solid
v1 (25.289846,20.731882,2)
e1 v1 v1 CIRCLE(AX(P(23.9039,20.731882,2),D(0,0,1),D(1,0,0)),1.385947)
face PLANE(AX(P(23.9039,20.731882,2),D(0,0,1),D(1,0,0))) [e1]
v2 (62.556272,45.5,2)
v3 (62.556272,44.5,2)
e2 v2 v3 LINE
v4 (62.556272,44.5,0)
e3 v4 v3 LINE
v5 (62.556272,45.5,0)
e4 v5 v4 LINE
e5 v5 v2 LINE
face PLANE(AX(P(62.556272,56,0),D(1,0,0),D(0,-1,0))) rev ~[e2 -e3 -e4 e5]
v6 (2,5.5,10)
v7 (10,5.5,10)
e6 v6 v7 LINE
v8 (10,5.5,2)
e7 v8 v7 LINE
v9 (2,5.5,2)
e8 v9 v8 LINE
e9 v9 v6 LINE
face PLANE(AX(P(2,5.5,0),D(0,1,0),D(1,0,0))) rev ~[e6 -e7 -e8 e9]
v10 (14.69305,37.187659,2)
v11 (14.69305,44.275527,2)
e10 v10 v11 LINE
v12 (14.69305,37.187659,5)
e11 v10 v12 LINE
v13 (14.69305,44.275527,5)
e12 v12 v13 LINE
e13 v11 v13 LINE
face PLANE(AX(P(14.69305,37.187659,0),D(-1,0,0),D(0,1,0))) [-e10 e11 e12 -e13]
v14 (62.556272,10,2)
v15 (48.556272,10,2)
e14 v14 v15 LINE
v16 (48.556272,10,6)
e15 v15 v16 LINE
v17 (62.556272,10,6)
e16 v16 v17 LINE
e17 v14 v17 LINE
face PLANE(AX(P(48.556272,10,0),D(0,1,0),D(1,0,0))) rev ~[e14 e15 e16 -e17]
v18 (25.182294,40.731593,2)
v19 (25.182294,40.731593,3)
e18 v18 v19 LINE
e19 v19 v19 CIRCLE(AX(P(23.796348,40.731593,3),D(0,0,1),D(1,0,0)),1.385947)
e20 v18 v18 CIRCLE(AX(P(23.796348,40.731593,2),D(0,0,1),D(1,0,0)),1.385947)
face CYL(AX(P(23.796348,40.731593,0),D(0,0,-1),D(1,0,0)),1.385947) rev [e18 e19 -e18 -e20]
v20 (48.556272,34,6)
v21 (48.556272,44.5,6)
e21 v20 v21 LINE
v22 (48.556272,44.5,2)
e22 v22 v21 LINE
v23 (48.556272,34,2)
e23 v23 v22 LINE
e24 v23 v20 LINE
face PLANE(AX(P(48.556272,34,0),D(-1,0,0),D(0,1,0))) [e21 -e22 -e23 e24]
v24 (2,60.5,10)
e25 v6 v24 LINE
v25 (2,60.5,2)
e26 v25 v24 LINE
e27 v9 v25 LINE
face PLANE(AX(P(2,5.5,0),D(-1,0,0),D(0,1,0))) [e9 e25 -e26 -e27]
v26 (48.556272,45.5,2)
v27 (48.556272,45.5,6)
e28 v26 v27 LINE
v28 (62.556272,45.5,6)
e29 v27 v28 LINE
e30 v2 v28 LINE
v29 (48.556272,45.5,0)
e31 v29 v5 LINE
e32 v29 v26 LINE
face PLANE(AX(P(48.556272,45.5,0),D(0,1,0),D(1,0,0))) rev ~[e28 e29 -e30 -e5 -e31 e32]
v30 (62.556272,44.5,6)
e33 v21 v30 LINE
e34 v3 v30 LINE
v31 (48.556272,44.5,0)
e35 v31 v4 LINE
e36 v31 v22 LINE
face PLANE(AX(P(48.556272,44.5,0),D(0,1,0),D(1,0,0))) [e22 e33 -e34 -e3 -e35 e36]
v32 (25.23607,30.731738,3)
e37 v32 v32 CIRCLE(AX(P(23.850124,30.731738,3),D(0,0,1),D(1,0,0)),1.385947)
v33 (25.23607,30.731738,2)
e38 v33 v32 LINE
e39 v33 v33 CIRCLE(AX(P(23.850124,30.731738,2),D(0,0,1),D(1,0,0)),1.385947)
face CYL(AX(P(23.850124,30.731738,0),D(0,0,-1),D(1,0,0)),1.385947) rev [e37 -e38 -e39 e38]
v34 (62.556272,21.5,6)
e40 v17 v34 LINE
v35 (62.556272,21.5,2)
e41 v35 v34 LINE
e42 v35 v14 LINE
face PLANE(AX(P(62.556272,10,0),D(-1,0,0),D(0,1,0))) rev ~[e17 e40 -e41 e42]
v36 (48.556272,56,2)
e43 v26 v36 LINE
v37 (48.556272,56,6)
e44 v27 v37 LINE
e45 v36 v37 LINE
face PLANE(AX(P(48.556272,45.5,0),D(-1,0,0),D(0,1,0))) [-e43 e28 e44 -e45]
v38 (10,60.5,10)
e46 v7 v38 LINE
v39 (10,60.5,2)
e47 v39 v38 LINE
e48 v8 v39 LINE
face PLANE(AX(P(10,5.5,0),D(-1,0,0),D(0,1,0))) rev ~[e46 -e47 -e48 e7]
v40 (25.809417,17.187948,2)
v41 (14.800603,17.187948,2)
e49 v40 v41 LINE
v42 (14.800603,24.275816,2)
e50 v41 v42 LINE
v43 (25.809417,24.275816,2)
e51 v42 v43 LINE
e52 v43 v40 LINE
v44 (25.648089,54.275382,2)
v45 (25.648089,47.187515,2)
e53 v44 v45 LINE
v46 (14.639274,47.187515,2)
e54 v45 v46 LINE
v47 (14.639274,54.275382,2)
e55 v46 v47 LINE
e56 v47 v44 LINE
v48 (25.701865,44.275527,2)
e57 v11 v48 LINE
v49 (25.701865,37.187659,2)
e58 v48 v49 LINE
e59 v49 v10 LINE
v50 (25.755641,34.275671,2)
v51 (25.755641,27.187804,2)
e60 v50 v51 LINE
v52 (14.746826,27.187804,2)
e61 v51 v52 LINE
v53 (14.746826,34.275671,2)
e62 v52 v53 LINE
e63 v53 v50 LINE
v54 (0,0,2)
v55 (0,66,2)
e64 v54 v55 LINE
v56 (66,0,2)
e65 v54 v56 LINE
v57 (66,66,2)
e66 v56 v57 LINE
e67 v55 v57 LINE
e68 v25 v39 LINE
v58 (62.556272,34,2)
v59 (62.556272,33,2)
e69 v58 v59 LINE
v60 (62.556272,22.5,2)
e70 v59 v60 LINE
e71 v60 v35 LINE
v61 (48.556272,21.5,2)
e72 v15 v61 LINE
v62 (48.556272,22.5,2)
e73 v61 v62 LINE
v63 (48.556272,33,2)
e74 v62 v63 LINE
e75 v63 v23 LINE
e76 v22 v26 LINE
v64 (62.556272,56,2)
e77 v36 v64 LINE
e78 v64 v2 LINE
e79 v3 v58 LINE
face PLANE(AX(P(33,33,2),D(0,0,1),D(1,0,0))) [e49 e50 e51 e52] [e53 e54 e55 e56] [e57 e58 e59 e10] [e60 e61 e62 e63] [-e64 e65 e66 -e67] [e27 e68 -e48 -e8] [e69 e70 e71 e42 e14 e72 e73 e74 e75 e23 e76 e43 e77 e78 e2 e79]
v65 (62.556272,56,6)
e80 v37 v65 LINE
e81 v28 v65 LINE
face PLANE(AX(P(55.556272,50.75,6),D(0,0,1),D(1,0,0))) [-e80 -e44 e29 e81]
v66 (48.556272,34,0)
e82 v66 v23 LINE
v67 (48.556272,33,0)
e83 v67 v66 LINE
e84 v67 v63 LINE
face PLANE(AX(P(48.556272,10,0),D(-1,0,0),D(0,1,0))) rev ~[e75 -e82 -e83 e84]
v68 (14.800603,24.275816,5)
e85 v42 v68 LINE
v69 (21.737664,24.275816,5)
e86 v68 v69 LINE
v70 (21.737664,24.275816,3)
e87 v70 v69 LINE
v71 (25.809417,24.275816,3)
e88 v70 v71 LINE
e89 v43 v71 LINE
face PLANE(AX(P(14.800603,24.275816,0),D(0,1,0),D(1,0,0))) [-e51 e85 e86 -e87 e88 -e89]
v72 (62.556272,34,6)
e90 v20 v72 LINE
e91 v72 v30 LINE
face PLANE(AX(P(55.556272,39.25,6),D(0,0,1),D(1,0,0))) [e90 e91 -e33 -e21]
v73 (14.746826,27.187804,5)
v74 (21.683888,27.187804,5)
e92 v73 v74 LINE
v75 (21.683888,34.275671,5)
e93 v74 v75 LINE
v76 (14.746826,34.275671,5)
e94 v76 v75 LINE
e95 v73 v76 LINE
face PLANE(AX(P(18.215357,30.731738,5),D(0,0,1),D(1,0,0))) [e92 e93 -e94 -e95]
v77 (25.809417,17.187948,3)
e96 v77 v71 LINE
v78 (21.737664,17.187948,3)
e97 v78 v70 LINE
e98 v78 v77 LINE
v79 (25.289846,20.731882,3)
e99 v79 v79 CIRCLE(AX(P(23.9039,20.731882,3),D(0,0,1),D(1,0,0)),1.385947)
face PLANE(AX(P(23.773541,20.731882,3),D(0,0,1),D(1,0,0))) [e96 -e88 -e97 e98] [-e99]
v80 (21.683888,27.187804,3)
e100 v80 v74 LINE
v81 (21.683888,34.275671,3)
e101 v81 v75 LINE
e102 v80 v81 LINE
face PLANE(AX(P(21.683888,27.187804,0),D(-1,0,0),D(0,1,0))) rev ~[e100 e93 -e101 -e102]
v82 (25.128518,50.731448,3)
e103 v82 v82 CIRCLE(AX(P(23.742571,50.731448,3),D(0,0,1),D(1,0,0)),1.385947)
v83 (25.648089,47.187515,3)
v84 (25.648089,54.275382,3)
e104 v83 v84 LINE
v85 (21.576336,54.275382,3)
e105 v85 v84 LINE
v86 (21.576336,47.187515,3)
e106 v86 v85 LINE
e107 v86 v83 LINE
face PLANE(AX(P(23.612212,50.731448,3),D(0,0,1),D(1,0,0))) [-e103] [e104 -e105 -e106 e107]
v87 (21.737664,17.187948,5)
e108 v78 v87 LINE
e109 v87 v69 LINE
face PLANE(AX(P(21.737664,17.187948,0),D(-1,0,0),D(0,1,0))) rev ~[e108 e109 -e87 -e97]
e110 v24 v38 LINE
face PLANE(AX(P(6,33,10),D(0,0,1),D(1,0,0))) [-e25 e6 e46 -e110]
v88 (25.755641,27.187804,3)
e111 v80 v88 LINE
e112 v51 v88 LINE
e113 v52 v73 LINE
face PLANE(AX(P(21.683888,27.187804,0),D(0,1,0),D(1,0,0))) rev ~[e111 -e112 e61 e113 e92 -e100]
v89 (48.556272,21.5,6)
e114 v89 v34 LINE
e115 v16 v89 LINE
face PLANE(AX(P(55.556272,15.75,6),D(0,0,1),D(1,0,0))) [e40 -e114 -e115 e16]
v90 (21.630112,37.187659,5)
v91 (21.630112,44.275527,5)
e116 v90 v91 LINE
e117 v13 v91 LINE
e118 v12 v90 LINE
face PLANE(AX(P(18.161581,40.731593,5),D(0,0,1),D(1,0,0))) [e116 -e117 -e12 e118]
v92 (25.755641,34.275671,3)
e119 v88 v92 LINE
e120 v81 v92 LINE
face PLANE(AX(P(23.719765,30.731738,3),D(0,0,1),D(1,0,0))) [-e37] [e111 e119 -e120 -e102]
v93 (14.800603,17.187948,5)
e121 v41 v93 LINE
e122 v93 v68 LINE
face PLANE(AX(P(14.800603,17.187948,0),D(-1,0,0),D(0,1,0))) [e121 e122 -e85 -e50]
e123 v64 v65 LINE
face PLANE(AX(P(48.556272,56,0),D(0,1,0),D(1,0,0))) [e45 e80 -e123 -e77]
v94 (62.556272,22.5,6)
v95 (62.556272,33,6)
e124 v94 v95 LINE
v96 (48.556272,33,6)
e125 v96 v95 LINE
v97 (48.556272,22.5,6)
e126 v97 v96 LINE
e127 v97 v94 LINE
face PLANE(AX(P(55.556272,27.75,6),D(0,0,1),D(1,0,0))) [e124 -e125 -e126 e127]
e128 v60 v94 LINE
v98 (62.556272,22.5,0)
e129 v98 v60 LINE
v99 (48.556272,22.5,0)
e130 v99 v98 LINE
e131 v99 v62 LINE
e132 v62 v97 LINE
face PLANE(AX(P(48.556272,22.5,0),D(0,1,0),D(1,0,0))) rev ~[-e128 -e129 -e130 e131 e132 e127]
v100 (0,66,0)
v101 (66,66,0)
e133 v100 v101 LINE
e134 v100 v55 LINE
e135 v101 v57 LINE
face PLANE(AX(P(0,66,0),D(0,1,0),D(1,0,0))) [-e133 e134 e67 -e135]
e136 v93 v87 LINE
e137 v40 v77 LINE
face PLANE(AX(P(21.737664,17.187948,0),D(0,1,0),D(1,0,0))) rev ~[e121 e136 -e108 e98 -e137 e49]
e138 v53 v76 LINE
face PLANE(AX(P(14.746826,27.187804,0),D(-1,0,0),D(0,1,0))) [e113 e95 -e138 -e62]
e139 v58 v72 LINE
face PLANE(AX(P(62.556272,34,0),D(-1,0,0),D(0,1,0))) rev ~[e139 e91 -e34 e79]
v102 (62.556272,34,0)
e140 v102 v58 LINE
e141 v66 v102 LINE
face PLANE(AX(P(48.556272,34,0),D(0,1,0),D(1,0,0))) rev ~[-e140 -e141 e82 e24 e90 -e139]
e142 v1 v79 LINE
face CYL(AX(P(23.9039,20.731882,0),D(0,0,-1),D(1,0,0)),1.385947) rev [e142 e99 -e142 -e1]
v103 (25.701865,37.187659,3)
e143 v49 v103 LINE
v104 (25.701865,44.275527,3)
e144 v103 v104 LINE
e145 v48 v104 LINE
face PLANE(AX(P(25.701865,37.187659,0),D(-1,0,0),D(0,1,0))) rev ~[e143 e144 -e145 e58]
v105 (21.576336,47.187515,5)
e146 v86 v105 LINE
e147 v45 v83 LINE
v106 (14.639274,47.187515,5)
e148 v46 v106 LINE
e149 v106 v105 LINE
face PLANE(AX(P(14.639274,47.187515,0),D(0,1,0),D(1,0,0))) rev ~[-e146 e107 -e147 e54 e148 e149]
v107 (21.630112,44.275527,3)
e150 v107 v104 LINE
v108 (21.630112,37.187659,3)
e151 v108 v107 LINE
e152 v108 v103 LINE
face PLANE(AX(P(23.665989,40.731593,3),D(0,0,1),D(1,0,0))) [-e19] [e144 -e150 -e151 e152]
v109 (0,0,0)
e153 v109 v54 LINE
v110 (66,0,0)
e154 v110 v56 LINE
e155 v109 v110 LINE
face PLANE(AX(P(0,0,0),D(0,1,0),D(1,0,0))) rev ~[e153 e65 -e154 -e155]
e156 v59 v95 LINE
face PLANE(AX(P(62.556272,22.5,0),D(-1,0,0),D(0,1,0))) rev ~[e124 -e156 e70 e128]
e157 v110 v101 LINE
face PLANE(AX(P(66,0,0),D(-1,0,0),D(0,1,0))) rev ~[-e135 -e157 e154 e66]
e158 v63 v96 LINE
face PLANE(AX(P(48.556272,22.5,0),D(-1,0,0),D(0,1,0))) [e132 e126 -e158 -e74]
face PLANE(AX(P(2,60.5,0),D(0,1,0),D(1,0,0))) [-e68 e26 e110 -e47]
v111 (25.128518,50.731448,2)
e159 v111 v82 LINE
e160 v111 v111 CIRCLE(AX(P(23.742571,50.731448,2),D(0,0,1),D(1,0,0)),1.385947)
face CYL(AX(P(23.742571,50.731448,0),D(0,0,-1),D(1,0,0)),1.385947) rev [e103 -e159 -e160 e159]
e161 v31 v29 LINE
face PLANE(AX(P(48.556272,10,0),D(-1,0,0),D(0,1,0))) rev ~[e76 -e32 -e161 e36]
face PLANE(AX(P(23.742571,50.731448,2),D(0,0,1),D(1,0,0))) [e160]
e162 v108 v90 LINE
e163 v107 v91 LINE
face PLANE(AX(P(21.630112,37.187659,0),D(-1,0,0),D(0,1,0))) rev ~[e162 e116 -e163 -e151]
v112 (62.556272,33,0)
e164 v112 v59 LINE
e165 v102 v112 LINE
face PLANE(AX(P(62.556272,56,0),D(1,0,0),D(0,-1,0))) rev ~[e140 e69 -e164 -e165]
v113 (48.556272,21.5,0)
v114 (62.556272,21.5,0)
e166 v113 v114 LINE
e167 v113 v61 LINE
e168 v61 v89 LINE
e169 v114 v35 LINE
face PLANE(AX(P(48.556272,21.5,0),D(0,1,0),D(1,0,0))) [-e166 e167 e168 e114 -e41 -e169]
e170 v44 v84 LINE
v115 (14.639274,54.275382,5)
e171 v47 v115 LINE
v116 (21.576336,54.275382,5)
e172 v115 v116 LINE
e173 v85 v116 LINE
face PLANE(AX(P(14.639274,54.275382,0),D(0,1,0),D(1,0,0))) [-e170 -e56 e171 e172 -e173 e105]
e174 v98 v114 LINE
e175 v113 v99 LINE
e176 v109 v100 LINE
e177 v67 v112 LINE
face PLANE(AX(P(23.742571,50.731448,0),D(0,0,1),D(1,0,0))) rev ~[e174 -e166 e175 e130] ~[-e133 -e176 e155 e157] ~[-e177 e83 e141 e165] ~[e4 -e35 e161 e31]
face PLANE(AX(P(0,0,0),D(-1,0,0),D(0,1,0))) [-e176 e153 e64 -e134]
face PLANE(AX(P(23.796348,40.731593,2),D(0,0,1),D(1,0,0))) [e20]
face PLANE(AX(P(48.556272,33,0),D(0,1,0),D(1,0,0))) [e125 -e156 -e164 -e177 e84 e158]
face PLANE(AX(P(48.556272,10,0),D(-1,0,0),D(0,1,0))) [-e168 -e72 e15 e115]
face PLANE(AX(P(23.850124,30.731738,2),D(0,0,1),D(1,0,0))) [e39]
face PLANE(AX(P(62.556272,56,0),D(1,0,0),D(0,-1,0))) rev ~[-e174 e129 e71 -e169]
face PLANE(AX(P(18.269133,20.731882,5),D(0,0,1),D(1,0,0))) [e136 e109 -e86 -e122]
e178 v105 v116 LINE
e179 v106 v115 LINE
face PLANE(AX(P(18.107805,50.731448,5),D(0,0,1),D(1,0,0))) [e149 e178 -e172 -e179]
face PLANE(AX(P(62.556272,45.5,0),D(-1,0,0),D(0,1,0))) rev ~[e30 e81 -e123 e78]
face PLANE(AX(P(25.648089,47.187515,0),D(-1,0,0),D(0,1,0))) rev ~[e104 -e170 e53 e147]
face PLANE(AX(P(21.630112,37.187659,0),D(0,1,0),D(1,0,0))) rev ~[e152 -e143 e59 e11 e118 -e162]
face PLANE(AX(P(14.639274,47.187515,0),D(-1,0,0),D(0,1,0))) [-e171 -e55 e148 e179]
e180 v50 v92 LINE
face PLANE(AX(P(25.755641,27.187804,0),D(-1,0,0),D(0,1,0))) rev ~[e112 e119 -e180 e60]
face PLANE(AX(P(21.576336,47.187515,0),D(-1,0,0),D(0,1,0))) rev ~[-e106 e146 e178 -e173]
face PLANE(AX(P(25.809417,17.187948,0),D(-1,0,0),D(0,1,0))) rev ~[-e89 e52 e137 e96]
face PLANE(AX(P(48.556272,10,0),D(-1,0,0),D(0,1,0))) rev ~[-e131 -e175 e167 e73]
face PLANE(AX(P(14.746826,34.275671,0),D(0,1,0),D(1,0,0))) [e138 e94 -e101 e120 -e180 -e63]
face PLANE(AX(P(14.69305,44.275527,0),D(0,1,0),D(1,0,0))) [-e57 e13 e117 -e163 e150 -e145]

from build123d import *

# Parameters (mm, degrees)
F0_W     = 66
F0_H     = 66
F0_W_2   = 8
F0_H_2   = 55
F1_DEPTH = 2
F0_W_3   = 14
F0_H_3   = 10.5
F0_H_4   = 11.5
F2_DEPTH = 6
F3_DEPTH = 10
F0_W_4   = 4.0717534721
F0_H_5   = 7.087867707
F0_R     = 1.3859466119
F4_DEPTH = 3
F0_W_5   = 6.9370614365
F5_DEPTH = 5
F6_DEPTH = 2


with BuildPart() as f1:
    # F0 (on Top) → F1 (new body)
    with BuildSketch(Plane.XY):
        with Locations((33, 33)):
            Rectangle(F0_W, F0_H)
        Polygon((21.7376640153, 17.1879483869), (14.8006025788, 17.1879483869), (14.8006025788, 24.275816094), (21.7376640153, 24.275816094), (25.8094174874, 24.275816094), (25.8094174874, 17.1879483869), align=None, mode=Mode.SUBTRACT)
        Polygon((21.6838878947, 27.1878037923), (14.7468264583, 27.1878037923), (14.7468264583, 34.2756714994), (21.6838878947, 34.2756714994), (25.7556413668, 34.2756714994), (25.7556413668, 27.1878037923), align=None, mode=Mode.SUBTRACT)
        with Locations((6, 33)):
            Rectangle(F0_W_2, F0_H_2, mode=Mode.SUBTRACT)
        Polygon((21.6301117742, 37.1876591977), (14.6930503377, 37.1876591977), (14.6930503377, 44.2755269048), (21.6301117742, 44.2755269048), (25.7018652463, 44.2755269048), (25.7018652463, 37.1876591977), align=None, mode=Mode.SUBTRACT)
        Polygon((21.5763356537, 47.1875146031), (14.6392742172, 47.1875146031), (14.6392742172, 54.2753823102), (21.5763356537, 54.2753823102), (25.6480891258, 54.2753823102), (25.6480891258, 47.1875146031), align=None, mode=Mode.SUBTRACT)
        Polygon((48.5562719405, 45.5), (48.5562719405, 56), (62.5562719405, 56), (62.5562719405, 45.5), (62.5562719405, 44.5), (62.5562719405, 34), (62.5562719405, 33), (62.5562719405, 22.5), (62.5562719405, 21.5), (62.5562719405, 10), (48.5562719405, 10), (48.5562719405, 21.5), (48.5562719405, 22.5), (48.5562719405, 33), (48.5562719405, 34), (48.5562719405, 44.5), align=None, mode=Mode.SUBTRACT)
    extrude(amount=F1_DEPTH)

    # F0 (on Top) → F2 (join)
    with BuildSketch(Plane.XY):
        with Locations((55.5562719405, 50.75)):
            Rectangle(F0_W_3, F0_H_3)
        with Locations((55.5562719405, 39.25)):
            Rectangle(F0_W_3, F0_H_3)
        with Locations((55.5562719405, 27.75)):
            Rectangle(F0_W_3, F0_H_3)
        with Locations((55.5562719405, 15.75)):
            Rectangle(F0_W_3, F0_H_4)
    extrude(amount=F2_DEPTH)

    # F0 (on Top) → F3 (join)
    with BuildSketch(Plane.XY):
        with Locations((6, 33)):
            Rectangle(F0_W_2, F0_H_2)
    extrude(amount=F3_DEPTH)

    # F0 (on Top) → F4 (join)
    with BuildSketch(Plane.XY):
        with Locations((23.6122123897, 50.7314484566)):
            Rectangle(F0_W_4, F0_H_5)
        with Locations((23.7425714731, 50.7314484566)):
            Circle(F0_R, mode=Mode.SUBTRACT)
        with Locations((23.6659885103, 40.7315930512)):
            Rectangle(F0_W_4, F0_H_5)
        with Locations((23.7963475937, 40.7315930512)):
            Circle(F0_R, mode=Mode.SUBTRACT)
        with Locations((23.7197646308, 30.7317376458)):
            Rectangle(F0_W_4, F0_H_5)
        with Locations((23.8501237142, 30.7317376458)):
            Circle(F0_R, mode=Mode.SUBTRACT)
        with Locations((23.7735407513, 20.7318822405)):
            Rectangle(F0_W_4, F0_H_5)
        with Locations((23.9038998348, 20.7318822405)):
            Circle(F0_R, mode=Mode.SUBTRACT)
    extrude(amount=F4_DEPTH)

    # F0 (on Top) → F5 (join)
    with BuildSketch(Plane.XY):
        with Locations((18.1078049354, 50.7314484566)):
            Rectangle(F0_W_5, F0_H_5)
        with Locations((18.161581056, 40.7315930512)):
            Rectangle(F0_W_5, F0_H_5)
        with Locations((18.2153571765, 30.7317376458)):
            Rectangle(F0_W_5, F0_H_5)
        with Locations((18.2691332971, 20.7318822405)):
            Rectangle(F0_W_5, F0_H_5)
    extrude(amount=F5_DEPTH)

    # F0 (on Top) → F6 (join)
    with BuildSketch(Plane.XY):
        with Locations((23.7425714731, 50.7314484566)):
            Circle(F0_R)
        with Locations((23.7963475937, 40.7315930512)):
            Circle(F0_R)
        with Locations((23.8501237142, 30.7317376458)):
            Circle(F0_R)
        with Locations((23.9038998348, 20.7318822405)):
            Circle(F0_R)
    extrude(amount=F6_DEPTH)


solid = f1.part
